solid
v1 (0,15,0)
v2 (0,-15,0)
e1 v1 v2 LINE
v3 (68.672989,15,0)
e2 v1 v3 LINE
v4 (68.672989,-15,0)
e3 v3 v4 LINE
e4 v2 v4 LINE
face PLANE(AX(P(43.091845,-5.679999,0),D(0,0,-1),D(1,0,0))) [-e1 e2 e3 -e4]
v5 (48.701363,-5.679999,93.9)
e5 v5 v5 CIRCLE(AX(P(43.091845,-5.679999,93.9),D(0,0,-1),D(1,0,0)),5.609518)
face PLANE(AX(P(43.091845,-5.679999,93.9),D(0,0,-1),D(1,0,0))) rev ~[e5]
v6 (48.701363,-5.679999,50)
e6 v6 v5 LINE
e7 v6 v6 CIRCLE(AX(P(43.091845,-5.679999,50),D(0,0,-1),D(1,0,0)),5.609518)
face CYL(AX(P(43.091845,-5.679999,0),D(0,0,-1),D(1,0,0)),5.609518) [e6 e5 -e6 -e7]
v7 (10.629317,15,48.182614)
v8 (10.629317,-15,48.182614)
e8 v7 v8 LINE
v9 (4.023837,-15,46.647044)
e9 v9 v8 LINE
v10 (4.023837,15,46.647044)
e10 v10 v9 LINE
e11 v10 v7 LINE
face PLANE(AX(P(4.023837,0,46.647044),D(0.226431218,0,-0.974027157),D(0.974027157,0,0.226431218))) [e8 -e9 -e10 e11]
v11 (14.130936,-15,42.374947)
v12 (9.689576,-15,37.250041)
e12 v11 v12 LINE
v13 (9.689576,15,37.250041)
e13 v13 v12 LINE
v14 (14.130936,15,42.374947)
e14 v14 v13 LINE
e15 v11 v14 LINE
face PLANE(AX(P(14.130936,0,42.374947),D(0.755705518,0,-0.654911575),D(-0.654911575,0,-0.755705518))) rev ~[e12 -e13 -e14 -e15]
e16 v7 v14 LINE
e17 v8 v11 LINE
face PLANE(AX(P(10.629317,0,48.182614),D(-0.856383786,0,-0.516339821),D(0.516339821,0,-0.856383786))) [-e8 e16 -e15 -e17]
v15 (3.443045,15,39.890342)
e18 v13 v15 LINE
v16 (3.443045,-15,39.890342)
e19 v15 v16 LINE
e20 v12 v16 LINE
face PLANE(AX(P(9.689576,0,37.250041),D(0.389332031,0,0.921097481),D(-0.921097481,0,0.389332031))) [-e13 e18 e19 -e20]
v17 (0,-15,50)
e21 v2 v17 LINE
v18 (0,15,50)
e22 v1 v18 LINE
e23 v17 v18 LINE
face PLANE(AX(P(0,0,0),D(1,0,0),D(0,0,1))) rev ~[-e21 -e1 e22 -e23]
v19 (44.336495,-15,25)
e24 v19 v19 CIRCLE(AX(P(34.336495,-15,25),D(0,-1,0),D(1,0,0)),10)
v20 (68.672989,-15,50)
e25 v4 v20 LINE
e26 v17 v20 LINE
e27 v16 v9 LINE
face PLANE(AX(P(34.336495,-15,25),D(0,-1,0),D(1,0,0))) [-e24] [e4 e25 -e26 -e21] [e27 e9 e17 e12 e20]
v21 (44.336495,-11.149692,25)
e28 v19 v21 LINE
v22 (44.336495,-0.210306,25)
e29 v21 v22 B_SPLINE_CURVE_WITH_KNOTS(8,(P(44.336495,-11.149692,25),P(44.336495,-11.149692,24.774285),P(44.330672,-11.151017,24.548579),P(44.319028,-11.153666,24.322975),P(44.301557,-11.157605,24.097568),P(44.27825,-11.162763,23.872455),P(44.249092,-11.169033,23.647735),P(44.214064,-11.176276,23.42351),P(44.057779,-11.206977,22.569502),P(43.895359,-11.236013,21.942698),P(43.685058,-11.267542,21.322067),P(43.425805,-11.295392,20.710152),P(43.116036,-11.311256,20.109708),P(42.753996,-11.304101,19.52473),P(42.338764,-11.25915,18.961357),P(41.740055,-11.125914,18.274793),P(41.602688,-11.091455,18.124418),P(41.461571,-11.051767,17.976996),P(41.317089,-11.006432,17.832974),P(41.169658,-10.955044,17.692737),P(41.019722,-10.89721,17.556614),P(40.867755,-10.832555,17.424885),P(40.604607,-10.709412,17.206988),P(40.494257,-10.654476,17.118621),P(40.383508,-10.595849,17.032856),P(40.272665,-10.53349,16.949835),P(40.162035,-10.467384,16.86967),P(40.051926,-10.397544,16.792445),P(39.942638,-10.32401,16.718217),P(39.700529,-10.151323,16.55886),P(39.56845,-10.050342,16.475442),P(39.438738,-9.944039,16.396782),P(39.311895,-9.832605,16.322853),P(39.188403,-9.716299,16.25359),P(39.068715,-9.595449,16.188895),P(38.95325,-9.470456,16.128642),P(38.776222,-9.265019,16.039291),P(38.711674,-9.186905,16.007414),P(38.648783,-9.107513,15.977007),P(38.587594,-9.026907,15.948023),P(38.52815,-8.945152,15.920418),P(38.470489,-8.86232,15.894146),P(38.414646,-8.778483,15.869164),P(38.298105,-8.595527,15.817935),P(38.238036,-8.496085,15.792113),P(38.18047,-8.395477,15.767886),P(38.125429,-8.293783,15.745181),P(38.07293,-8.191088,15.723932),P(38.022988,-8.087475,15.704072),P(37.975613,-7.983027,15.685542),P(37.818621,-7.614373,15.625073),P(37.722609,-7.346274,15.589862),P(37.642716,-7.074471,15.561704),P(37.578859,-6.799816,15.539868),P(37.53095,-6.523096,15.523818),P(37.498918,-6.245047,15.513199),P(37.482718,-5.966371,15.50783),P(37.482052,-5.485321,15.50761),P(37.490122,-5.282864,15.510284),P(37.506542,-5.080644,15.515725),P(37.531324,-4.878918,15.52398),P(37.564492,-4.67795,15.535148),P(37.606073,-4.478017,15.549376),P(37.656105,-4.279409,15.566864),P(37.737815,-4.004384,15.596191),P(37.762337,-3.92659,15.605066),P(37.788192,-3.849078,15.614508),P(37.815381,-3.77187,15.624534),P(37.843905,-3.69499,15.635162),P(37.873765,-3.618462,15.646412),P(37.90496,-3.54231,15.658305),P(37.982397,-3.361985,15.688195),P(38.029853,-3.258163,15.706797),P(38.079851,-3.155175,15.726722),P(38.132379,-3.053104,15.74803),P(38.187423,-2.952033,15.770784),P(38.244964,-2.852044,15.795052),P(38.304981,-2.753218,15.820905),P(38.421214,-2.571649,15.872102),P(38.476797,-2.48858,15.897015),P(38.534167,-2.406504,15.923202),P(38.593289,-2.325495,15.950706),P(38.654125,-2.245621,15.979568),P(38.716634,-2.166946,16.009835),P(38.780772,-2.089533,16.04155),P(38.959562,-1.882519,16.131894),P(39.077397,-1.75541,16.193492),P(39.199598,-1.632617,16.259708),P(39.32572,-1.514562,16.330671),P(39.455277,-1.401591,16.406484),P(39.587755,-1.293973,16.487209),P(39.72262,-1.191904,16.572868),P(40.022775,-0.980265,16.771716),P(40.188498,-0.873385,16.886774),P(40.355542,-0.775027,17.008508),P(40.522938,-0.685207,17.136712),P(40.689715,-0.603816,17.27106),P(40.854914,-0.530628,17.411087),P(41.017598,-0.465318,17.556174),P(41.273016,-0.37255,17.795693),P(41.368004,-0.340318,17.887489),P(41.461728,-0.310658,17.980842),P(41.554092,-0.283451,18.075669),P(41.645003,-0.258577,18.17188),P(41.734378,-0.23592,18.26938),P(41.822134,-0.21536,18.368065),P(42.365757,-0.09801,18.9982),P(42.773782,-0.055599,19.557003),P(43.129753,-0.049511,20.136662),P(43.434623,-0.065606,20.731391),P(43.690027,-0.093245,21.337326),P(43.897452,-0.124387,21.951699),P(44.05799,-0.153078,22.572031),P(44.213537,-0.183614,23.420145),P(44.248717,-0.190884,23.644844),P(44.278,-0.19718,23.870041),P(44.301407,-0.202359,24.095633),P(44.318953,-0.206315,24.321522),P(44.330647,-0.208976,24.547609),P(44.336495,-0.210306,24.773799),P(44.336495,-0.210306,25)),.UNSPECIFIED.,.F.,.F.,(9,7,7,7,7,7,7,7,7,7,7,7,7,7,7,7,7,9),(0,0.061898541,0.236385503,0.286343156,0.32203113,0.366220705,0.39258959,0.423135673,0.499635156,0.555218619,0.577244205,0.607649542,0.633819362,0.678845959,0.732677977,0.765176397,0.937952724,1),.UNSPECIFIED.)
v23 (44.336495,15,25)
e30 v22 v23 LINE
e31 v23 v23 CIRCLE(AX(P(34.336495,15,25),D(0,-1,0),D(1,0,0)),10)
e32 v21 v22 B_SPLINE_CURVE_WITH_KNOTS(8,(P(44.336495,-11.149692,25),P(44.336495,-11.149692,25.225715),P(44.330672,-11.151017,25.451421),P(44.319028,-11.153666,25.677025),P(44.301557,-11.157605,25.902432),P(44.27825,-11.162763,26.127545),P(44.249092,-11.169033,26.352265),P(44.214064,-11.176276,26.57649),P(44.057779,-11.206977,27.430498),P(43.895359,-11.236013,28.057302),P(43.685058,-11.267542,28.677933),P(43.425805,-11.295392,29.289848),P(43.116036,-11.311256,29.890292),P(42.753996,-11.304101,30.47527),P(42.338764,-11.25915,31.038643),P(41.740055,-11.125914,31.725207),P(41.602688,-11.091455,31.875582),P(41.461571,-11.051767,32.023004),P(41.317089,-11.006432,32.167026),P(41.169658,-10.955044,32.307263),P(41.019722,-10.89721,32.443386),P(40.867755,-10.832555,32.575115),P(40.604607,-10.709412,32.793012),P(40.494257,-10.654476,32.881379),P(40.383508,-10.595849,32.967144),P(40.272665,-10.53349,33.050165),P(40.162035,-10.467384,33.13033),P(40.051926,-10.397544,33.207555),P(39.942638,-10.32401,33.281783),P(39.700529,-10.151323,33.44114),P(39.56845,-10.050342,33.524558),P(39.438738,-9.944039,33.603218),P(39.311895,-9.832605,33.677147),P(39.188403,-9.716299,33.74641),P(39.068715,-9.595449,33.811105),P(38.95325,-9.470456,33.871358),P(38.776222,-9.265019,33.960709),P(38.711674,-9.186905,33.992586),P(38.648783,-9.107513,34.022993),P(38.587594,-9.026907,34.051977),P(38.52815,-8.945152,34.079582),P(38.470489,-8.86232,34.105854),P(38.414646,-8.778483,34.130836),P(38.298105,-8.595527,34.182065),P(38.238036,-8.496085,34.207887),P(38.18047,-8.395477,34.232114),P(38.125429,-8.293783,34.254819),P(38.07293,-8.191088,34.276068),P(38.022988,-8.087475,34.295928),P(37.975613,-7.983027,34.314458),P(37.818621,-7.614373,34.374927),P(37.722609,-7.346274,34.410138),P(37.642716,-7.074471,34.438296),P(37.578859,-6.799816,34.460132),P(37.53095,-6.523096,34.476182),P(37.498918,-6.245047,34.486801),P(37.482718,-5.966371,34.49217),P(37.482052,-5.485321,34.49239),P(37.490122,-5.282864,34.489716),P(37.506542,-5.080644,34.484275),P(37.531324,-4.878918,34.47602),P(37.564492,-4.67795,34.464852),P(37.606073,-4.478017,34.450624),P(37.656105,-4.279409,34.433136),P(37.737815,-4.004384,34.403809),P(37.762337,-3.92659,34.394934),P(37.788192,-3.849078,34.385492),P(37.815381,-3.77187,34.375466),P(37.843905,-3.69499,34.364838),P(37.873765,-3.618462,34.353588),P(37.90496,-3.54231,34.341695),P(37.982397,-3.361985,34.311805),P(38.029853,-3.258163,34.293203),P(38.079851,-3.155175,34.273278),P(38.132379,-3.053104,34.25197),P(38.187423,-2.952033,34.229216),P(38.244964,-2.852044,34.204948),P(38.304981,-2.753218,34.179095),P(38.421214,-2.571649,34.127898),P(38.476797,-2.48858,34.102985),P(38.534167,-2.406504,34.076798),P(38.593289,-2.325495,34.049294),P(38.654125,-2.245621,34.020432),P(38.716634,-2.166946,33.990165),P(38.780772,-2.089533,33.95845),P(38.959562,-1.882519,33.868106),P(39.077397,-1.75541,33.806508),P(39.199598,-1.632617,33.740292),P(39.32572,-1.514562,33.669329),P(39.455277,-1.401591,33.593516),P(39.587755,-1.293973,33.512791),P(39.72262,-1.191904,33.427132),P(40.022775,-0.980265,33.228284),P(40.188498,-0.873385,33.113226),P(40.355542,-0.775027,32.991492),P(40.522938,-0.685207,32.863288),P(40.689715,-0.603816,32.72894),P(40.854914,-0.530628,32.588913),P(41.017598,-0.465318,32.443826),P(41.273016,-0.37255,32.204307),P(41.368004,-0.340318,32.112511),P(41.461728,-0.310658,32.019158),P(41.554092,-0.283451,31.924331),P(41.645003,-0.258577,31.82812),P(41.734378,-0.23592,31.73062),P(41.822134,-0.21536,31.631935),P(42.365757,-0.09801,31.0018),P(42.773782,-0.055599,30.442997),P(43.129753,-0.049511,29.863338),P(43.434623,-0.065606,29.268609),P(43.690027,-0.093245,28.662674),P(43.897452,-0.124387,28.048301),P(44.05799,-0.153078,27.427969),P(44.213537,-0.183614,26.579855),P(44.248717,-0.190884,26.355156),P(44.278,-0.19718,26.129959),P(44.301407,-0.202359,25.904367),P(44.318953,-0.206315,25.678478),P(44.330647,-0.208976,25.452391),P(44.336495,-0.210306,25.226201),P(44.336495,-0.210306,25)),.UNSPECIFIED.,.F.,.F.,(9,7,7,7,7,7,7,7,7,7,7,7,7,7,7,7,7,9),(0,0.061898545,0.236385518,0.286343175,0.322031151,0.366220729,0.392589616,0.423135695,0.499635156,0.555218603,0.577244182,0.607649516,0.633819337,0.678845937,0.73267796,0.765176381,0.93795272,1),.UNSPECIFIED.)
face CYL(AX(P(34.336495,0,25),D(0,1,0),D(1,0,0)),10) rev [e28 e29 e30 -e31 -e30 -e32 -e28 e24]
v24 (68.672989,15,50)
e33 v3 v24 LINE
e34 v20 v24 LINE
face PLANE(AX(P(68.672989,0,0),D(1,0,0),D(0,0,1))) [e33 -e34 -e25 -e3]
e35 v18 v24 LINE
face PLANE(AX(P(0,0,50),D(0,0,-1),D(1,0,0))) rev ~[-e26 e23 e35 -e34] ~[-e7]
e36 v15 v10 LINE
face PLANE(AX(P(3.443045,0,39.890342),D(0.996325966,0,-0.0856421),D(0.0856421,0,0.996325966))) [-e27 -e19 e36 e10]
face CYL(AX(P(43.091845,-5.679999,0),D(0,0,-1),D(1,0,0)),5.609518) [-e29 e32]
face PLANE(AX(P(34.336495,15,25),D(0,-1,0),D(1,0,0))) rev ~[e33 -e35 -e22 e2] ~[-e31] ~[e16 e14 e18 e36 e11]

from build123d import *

# Parameters (mm, degrees)
F0_W     = 68.672989
F0_H     = 50
F0_R     = 10
F1_DEPTH = 15
F2_R     = 5.609518
F3_DEPTH = 93.9


with BuildPart() as f1:
    # F0 (on Front) → F1 (new body, symmetric)
    with BuildSketch(Plane.XZ):
        with Locations((34.336495, 25)):
            Rectangle(F0_W, F0_H)
        Polygon((10.629317, 48.182614), (14.130936, 42.374947), (9.689576, 37.250041), (3.443045, 39.890342), (4.023837, 46.647044), align=None, mode=Mode.SUBTRACT)
        with Locations((34.336495, 25)):
            Circle(F0_R, mode=Mode.SUBTRACT)
    extrude(amount=F1_DEPTH, both=True)

    # F2 (on face) → F3 (join)
    with BuildSketch(Plane(origin=(0, 0, 0), x_dir=(1, 0, 0), z_dir=(0, 0, -1))):
        with Locations((43.091845, 5.679999)):
            Circle(F2_R)
    extrude(amount=-F3_DEPTH)


solid = f1.part
